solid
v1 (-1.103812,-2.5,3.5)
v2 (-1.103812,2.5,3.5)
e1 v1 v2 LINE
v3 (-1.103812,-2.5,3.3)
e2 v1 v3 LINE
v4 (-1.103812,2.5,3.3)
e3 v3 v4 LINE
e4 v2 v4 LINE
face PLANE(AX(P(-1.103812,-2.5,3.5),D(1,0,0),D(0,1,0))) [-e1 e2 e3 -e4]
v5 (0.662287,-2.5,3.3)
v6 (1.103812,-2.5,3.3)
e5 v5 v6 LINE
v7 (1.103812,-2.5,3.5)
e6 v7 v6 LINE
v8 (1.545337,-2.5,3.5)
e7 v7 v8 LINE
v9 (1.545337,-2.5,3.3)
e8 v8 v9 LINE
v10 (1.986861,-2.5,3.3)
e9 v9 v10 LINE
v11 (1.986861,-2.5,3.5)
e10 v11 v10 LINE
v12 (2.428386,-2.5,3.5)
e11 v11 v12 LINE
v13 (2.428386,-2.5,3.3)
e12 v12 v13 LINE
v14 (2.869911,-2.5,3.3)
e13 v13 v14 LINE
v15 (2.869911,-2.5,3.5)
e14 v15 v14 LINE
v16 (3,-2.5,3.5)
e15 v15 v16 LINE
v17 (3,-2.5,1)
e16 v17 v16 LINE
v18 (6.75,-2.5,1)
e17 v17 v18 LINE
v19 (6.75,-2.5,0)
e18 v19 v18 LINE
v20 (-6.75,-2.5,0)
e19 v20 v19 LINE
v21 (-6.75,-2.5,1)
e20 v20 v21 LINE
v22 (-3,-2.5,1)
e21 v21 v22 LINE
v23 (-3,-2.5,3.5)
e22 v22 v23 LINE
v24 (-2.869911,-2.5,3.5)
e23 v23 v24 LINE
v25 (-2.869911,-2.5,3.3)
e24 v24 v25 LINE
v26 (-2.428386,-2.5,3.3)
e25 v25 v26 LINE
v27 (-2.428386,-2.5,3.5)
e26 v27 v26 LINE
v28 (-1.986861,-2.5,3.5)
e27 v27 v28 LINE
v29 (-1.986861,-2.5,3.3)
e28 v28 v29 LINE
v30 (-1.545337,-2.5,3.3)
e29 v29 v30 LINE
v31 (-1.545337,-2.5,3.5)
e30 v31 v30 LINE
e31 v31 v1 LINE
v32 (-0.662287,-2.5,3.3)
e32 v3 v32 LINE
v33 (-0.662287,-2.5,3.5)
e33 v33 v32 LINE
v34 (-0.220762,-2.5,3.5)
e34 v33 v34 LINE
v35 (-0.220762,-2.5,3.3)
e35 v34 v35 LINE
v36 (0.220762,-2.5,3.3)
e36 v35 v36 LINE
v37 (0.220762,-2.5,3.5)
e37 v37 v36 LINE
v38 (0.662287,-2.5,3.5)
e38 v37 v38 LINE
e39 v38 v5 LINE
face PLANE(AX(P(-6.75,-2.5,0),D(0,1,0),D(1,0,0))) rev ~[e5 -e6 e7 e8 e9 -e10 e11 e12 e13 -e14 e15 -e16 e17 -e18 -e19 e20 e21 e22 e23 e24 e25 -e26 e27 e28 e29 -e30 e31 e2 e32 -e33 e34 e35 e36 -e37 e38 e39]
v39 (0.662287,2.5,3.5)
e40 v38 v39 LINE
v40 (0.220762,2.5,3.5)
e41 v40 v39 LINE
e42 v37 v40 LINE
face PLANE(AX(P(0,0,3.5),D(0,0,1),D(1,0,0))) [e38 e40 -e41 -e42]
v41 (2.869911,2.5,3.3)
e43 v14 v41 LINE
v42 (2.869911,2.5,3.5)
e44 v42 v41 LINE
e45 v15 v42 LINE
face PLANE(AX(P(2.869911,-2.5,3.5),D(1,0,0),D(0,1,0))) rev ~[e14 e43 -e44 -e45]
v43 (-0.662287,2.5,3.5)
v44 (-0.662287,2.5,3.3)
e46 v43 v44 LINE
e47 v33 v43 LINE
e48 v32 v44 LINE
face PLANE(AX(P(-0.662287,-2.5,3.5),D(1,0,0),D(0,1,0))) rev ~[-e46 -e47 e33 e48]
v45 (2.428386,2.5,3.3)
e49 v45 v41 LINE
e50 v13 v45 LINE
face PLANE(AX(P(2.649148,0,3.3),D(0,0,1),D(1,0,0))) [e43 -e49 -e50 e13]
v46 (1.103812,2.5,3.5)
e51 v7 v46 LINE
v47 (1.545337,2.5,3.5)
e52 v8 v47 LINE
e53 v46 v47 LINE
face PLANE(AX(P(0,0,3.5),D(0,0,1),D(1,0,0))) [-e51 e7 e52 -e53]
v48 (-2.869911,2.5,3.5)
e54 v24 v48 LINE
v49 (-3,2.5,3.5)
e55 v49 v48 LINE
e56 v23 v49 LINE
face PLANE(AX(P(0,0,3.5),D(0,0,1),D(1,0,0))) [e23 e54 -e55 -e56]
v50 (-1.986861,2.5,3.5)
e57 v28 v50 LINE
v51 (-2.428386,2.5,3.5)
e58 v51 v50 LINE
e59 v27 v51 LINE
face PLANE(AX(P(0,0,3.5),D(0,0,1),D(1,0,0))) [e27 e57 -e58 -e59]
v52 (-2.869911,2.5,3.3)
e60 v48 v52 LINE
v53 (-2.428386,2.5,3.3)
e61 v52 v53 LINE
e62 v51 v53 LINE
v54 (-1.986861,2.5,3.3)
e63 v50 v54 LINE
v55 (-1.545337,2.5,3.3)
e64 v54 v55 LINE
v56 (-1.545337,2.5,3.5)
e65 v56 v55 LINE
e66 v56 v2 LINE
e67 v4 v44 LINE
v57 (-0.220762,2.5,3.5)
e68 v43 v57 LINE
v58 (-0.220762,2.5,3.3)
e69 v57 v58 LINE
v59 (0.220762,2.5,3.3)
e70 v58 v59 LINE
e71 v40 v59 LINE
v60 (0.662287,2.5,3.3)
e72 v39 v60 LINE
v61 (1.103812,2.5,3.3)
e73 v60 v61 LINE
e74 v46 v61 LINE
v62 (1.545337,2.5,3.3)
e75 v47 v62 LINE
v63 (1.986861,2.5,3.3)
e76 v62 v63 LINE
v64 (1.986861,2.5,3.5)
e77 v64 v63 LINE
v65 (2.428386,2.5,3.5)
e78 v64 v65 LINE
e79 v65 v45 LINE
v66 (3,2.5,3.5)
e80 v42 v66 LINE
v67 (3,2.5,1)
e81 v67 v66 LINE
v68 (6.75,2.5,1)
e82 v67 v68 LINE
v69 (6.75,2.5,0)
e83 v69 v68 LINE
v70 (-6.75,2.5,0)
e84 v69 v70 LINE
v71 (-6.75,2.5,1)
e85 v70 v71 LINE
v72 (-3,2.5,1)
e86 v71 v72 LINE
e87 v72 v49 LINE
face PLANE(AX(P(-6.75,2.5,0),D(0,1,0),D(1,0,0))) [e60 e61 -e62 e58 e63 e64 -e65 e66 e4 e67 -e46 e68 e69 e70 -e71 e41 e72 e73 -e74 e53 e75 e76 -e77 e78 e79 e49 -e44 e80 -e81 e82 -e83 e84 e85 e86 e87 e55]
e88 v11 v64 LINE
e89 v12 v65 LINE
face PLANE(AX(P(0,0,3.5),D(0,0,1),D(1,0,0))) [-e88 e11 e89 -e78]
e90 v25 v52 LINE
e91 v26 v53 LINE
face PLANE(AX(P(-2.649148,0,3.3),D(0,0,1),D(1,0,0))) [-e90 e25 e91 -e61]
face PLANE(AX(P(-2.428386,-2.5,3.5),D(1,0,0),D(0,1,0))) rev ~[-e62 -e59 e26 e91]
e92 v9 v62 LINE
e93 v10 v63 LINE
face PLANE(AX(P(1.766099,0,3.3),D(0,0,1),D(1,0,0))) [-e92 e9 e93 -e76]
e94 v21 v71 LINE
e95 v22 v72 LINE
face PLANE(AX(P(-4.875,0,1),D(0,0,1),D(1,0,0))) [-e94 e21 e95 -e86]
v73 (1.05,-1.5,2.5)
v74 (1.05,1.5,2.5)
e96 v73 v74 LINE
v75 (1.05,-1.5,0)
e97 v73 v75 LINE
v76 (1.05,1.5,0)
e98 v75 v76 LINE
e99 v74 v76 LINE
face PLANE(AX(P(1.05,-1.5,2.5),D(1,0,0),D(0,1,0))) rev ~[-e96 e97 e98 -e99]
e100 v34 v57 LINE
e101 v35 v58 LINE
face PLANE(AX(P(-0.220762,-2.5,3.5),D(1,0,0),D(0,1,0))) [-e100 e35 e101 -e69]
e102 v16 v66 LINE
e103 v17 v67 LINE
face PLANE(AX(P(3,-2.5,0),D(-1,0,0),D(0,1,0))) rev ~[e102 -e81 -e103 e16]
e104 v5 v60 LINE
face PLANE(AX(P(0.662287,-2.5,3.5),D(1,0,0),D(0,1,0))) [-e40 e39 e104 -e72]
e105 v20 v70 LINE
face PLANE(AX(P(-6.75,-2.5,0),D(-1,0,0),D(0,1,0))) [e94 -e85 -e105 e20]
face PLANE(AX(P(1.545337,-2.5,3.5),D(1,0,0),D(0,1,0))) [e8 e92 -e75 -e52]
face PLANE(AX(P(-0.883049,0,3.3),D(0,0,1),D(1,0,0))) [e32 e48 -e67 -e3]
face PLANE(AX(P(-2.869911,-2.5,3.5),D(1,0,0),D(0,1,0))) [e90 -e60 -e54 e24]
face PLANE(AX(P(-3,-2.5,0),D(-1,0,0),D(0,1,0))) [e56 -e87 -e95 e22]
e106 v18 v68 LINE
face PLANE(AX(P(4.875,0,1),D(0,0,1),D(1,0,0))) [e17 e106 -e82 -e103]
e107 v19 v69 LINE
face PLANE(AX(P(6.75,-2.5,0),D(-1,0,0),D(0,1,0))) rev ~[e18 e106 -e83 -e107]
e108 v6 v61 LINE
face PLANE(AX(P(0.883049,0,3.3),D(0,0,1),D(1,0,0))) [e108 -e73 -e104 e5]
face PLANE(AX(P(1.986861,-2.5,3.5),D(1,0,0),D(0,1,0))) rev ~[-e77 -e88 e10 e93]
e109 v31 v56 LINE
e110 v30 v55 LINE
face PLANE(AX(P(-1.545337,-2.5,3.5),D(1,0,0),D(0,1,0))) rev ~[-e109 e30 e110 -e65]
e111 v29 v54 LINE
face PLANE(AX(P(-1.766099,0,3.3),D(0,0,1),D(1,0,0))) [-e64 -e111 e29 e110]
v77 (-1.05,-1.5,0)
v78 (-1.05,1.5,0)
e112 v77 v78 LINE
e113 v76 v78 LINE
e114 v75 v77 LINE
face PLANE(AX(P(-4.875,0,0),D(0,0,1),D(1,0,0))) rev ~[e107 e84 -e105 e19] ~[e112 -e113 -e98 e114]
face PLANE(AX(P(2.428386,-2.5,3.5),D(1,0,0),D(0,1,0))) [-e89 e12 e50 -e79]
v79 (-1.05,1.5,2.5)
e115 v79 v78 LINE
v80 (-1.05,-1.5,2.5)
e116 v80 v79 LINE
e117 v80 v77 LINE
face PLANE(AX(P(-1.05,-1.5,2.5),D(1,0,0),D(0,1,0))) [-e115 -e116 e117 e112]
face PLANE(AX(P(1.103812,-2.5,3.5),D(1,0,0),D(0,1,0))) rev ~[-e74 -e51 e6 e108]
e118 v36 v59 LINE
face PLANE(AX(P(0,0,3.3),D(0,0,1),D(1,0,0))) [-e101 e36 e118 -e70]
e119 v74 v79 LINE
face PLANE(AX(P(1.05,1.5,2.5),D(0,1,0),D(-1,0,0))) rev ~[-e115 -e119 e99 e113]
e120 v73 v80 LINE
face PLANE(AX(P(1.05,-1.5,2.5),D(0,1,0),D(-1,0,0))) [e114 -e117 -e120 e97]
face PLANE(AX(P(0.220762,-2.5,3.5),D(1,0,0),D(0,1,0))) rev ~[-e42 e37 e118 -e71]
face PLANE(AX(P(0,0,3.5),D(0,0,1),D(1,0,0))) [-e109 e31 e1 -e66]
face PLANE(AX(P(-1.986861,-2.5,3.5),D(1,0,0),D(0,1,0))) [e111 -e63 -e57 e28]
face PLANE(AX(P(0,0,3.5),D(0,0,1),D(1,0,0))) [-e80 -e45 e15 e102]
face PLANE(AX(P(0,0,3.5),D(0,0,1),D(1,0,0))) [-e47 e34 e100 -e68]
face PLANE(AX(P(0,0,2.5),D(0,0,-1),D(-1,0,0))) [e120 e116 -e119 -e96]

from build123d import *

# Parameters (mm, degrees)
SKETCH1_W           = 6
SKETCH1_H           = 5
BOSS_EXTRUDE1_DEPTH = 3.5
SKETCH1_3_W         = 3.75
SKETCH1_3_H         = 5
BOSS_EXTRUDE2_DEPTH = 1
CUT_EXTRUDE1_START  = -2.5
SKETCH2_W           = 2.1
SKETCH2_H           = 3
CUT_EXTRUDE1_DEPTH  = 2.5
SKETCH3_W           = 0.441524735
SKETCH3_H           = 5
SKETCH3_W_2         = 0.441524734
CUT_EXTRUDE2_DEPTH  = 0.2


with BuildPart() as part:
    # Sketch1 → Boss-Extrude1 (new body)
    with BuildSketch(Plane.XY):
        Rectangle(SKETCH1_W, SKETCH1_H)
    extrude(amount=BOSS_EXTRUDE1_DEPTH)

    # Sketch1<3> → Boss-Extrude2 (add)
    with BuildSketch(Plane.XY):
        with Locations((-4.875, 0)):
            Rectangle(SKETCH1_3_W, SKETCH1_3_H)
        with Locations((4.875, 0)):
            Rectangle(SKETCH1_3_W, SKETCH1_3_H)
    extrude(amount=BOSS_EXTRUDE2_DEPTH)

    # Sketch2 → Cut-Extrude1 (cut)
    with BuildSketch(Plane(origin=(0, 0, 0), x_dir=(-1, 0, 0), z_dir=(0, 0, -1)).offset(CUT_EXTRUDE1_START)):
        Rectangle(SKETCH2_W, SKETCH2_H)
    extrude(amount=CUT_EXTRUDE1_DEPTH, mode=Mode.SUBTRACT)

    # Sketch3 → Cut-Extrude2 (cut)
    with BuildSketch(Plane.XY.offset(3.5)):
        with Locations((-2.64914841, 0)):
            Rectangle(SKETCH3_W, SKETCH3_H)
        with Locations((-1.766098939, 0)):
            Rectangle(SKETCH3_W, SKETCH3_H)
        with Locations((-0.88304947, 0)):
            Rectangle(SKETCH3_W, SKETCH3_H)
        Rectangle(SKETCH3_W_2, SKETCH3_H)
        with Locations((0.88304947, 0)):
            Rectangle(SKETCH3_W, SKETCH3_H)
        with Locations((1.766098939, 0)):
            Rectangle(SKETCH3_W, SKETCH3_H)
        with Locations((2.64914841, 0)):
            Rectangle(SKETCH3_W, SKETCH3_H)
    extrude(amount=-CUT_EXTRUDE2_DEPTH, mode=Mode.SUBTRACT)


solid = part.part
